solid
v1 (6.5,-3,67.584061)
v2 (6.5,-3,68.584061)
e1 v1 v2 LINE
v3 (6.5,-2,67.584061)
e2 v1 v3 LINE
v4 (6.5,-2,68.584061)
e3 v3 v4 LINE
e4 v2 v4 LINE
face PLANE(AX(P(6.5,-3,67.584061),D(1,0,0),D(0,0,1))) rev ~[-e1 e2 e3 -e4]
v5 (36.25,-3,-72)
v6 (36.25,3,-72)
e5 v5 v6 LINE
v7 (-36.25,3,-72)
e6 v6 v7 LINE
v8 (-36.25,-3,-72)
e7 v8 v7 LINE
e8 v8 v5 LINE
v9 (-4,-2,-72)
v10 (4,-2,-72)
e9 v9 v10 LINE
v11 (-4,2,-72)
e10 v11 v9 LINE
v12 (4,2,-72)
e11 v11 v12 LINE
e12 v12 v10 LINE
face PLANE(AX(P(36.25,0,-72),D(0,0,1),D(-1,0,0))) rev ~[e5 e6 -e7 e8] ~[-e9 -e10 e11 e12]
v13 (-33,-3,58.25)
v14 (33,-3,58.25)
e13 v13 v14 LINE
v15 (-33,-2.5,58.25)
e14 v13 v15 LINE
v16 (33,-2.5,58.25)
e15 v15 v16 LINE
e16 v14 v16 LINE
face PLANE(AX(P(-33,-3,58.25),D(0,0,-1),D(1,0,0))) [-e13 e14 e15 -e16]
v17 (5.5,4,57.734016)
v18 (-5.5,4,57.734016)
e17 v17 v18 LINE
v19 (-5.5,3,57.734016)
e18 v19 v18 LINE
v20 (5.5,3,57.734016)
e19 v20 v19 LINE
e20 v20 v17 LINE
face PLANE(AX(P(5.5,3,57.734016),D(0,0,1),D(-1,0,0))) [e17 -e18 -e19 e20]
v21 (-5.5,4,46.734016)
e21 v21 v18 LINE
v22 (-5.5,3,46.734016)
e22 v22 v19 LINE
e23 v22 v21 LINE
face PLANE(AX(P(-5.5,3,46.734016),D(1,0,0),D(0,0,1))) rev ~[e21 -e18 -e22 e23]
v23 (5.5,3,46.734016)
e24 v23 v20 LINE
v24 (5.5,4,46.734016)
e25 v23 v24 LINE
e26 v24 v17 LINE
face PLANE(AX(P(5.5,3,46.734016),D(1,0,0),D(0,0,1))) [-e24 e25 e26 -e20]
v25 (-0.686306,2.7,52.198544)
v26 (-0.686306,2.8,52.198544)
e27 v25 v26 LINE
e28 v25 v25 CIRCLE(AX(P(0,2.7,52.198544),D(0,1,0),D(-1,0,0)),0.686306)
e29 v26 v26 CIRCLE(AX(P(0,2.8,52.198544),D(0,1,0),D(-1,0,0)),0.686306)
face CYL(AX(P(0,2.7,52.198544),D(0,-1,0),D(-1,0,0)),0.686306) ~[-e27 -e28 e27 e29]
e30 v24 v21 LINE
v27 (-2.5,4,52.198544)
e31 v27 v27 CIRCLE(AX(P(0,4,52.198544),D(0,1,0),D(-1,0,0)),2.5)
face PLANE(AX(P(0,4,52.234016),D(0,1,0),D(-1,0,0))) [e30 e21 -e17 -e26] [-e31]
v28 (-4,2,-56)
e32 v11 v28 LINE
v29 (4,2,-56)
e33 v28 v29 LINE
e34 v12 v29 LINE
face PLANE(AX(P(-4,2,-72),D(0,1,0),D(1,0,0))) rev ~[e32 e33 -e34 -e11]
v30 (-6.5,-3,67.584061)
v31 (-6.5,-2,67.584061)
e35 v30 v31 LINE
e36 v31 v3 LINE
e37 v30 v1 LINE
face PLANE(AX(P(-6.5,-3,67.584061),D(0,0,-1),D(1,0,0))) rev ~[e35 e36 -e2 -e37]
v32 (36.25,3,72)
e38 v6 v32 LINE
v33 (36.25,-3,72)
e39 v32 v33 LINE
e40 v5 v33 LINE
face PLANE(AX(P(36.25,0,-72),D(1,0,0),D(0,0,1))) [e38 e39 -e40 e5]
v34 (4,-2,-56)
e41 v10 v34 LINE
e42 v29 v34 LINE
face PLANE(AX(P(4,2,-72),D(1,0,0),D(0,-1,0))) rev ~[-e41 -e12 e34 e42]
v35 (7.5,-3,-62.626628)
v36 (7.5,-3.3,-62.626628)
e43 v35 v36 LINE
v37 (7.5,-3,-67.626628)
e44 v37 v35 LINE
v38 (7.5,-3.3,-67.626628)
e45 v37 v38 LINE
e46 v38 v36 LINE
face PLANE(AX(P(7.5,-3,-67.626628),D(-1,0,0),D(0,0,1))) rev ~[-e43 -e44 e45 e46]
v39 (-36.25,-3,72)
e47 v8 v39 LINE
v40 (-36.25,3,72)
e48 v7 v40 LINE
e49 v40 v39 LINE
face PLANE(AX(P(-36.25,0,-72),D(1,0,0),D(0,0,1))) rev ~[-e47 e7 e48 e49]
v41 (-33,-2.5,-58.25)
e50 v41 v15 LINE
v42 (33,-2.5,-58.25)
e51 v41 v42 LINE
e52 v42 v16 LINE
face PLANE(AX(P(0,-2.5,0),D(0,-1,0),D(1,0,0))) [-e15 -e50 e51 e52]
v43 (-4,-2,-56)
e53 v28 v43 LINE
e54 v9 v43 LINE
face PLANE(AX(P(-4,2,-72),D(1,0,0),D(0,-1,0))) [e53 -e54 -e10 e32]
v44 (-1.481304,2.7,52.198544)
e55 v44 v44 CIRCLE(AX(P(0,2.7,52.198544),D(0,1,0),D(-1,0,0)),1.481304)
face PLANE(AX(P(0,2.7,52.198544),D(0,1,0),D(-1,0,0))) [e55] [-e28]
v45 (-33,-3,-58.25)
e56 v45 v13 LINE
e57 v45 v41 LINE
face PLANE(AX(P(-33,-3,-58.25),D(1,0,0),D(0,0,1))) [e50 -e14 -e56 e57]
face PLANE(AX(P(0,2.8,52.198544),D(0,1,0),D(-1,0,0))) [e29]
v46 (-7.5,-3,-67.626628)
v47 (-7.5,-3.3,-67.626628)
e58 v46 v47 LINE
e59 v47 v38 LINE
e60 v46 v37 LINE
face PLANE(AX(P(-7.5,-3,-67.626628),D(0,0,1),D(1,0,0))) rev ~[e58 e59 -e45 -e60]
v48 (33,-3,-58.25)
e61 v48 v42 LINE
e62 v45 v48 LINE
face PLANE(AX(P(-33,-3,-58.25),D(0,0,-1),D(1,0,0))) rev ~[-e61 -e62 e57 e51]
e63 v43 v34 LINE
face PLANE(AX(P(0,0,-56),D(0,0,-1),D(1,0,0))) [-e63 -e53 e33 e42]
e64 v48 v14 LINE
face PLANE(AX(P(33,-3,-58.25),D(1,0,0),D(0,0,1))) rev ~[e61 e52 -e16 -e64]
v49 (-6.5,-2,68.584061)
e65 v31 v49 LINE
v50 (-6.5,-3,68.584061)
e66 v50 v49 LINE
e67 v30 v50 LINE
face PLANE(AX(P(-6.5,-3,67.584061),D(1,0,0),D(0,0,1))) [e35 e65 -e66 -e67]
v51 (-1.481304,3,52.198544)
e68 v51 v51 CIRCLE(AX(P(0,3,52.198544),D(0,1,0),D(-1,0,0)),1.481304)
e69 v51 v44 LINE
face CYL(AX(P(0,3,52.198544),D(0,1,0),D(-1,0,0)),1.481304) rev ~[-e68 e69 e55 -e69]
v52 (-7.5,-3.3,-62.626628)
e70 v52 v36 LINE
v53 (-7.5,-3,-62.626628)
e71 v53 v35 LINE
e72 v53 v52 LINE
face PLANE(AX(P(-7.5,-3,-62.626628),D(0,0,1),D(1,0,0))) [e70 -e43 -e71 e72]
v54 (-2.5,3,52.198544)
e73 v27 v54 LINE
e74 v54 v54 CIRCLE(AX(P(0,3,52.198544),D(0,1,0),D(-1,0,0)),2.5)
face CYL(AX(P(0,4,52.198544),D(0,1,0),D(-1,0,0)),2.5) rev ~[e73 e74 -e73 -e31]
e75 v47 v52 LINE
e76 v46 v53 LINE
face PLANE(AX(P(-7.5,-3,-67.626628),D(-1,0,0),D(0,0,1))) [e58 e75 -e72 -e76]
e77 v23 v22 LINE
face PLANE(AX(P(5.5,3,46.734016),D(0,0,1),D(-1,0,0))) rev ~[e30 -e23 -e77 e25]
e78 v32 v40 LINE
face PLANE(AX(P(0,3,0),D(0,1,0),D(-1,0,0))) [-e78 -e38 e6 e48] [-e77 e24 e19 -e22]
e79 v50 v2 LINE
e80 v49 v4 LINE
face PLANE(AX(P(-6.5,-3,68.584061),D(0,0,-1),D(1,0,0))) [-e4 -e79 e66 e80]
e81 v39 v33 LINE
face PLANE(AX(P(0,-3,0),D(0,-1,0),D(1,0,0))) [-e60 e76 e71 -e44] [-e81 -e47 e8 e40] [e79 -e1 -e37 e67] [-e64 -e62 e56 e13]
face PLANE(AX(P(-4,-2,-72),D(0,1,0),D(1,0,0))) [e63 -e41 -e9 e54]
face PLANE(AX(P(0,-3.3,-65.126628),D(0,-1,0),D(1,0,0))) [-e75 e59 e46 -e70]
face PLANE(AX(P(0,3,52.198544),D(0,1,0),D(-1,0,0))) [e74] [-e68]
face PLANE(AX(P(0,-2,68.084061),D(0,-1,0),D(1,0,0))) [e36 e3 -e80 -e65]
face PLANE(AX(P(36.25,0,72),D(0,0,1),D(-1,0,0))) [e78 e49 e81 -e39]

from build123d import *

# Parameters (mm, degrees)
F0_W      = 72.5
F0_H      = 144
F1_DEPTH  = 3
F2_W      = 72.5
F2_H      = 144
F3_DEPTH  = 3
F5_W      = 15
F5_H      = 5
F6_DEPTH  = 0.3
F7_W      = 8
F7_H      = 4
F8_DEPTH  = 16
F9_W      = 13
F9_H      = 1
F10_DEPTH = 1
F11_W     = 11
F11_H     = 11
F12_DEPTH = 1
F13_R     = 2.5
F14_DEPTH = 1
F4_W      = 66
F4_H      = 116.5
F15_DEPTH = 0.5
F16_R     = 1.481304
F17_DEPTH = 0.3
F18_R     = 0.686306
F19_DEPTH = 0.1


with BuildPart() as f1:
    # F0 (on Front) → F1 (new body)
    with BuildSketch(Plane.XZ):
        Rectangle(F0_W, F0_H)
    extrude(amount=F1_DEPTH)

    # F2 (on face) → F3 (join)
    with BuildSketch(Plane(origin=(0, 0, 0), x_dir=(-1, 0, 0), z_dir=(0, 1, 0))):
        Rectangle(F2_W, F2_H)
    extrude(amount=F3_DEPTH)

    # F5 (on face) → F6 (join)
    with BuildSketch(Plane.XZ.offset(3)):
        with Locations((0, -65.126628)):
            Rectangle(F5_W, F5_H)
    extrude(amount=F6_DEPTH)

    # F7 (on face) → F8 (cut)
    with BuildSketch(Plane(origin=(0, 0, -72), x_dir=(1, 0, 0), z_dir=(0, 0, -1))):
        Rectangle(F7_W, F7_H)
    extrude(amount=-F8_DEPTH, mode=Mode.SUBTRACT)

    # F9 (on face) → F10 (cut)
    with BuildSketch(Plane.XZ.offset(3)):
        with Locations((0, 68.084061)):
            Rectangle(F9_W, F9_H)
    extrude(amount=-F10_DEPTH, mode=Mode.SUBTRACT)

    # F11 (on face) → F12 (join)
    with BuildSketch(Plane(origin=(0, 3, 0), x_dir=(-1, 0, 0), z_dir=(0, 1, 0))):
        with Locations((0, 52.234016)):
            Rectangle(F11_W, F11_H)
    extrude(amount=F12_DEPTH)

    # F13 (on face) → F14 (cut)
    with BuildSketch(Plane(origin=(0, 4, 0), x_dir=(-1, 0, 0), z_dir=(0, 1, 0))):
        with Locations((0, 52.198544)):
            Circle(F13_R)
    extrude(amount=-F14_DEPTH, mode=Mode.SUBTRACT)

    # F4 (on face) → F15 (cut)
    with BuildSketch(Plane.XZ.offset(3)):
        Rectangle(F4_W, F4_H)
    extrude(amount=-F15_DEPTH, mode=Mode.SUBTRACT)

    # F16 (on face) → F17 (cut)
    with BuildSketch(Plane(origin=(0, 3, 0), x_dir=(-1, 0, 0), z_dir=(0, 1, 0))):
        with Locations((0, 52.198544)):
            Circle(F16_R)
    extrude(amount=-F17_DEPTH, mode=Mode.SUBTRACT)

    # F18 (on face) → F19 (join)
    with BuildSketch(Plane(origin=(0, 2.7, 0), x_dir=(-1, 0, 0), z_dir=(0, 1, 0))):
        with Locations((0, 52.198544)):
            Circle(F18_R)
    extrude(amount=F19_DEPTH)


solid = f1.part
